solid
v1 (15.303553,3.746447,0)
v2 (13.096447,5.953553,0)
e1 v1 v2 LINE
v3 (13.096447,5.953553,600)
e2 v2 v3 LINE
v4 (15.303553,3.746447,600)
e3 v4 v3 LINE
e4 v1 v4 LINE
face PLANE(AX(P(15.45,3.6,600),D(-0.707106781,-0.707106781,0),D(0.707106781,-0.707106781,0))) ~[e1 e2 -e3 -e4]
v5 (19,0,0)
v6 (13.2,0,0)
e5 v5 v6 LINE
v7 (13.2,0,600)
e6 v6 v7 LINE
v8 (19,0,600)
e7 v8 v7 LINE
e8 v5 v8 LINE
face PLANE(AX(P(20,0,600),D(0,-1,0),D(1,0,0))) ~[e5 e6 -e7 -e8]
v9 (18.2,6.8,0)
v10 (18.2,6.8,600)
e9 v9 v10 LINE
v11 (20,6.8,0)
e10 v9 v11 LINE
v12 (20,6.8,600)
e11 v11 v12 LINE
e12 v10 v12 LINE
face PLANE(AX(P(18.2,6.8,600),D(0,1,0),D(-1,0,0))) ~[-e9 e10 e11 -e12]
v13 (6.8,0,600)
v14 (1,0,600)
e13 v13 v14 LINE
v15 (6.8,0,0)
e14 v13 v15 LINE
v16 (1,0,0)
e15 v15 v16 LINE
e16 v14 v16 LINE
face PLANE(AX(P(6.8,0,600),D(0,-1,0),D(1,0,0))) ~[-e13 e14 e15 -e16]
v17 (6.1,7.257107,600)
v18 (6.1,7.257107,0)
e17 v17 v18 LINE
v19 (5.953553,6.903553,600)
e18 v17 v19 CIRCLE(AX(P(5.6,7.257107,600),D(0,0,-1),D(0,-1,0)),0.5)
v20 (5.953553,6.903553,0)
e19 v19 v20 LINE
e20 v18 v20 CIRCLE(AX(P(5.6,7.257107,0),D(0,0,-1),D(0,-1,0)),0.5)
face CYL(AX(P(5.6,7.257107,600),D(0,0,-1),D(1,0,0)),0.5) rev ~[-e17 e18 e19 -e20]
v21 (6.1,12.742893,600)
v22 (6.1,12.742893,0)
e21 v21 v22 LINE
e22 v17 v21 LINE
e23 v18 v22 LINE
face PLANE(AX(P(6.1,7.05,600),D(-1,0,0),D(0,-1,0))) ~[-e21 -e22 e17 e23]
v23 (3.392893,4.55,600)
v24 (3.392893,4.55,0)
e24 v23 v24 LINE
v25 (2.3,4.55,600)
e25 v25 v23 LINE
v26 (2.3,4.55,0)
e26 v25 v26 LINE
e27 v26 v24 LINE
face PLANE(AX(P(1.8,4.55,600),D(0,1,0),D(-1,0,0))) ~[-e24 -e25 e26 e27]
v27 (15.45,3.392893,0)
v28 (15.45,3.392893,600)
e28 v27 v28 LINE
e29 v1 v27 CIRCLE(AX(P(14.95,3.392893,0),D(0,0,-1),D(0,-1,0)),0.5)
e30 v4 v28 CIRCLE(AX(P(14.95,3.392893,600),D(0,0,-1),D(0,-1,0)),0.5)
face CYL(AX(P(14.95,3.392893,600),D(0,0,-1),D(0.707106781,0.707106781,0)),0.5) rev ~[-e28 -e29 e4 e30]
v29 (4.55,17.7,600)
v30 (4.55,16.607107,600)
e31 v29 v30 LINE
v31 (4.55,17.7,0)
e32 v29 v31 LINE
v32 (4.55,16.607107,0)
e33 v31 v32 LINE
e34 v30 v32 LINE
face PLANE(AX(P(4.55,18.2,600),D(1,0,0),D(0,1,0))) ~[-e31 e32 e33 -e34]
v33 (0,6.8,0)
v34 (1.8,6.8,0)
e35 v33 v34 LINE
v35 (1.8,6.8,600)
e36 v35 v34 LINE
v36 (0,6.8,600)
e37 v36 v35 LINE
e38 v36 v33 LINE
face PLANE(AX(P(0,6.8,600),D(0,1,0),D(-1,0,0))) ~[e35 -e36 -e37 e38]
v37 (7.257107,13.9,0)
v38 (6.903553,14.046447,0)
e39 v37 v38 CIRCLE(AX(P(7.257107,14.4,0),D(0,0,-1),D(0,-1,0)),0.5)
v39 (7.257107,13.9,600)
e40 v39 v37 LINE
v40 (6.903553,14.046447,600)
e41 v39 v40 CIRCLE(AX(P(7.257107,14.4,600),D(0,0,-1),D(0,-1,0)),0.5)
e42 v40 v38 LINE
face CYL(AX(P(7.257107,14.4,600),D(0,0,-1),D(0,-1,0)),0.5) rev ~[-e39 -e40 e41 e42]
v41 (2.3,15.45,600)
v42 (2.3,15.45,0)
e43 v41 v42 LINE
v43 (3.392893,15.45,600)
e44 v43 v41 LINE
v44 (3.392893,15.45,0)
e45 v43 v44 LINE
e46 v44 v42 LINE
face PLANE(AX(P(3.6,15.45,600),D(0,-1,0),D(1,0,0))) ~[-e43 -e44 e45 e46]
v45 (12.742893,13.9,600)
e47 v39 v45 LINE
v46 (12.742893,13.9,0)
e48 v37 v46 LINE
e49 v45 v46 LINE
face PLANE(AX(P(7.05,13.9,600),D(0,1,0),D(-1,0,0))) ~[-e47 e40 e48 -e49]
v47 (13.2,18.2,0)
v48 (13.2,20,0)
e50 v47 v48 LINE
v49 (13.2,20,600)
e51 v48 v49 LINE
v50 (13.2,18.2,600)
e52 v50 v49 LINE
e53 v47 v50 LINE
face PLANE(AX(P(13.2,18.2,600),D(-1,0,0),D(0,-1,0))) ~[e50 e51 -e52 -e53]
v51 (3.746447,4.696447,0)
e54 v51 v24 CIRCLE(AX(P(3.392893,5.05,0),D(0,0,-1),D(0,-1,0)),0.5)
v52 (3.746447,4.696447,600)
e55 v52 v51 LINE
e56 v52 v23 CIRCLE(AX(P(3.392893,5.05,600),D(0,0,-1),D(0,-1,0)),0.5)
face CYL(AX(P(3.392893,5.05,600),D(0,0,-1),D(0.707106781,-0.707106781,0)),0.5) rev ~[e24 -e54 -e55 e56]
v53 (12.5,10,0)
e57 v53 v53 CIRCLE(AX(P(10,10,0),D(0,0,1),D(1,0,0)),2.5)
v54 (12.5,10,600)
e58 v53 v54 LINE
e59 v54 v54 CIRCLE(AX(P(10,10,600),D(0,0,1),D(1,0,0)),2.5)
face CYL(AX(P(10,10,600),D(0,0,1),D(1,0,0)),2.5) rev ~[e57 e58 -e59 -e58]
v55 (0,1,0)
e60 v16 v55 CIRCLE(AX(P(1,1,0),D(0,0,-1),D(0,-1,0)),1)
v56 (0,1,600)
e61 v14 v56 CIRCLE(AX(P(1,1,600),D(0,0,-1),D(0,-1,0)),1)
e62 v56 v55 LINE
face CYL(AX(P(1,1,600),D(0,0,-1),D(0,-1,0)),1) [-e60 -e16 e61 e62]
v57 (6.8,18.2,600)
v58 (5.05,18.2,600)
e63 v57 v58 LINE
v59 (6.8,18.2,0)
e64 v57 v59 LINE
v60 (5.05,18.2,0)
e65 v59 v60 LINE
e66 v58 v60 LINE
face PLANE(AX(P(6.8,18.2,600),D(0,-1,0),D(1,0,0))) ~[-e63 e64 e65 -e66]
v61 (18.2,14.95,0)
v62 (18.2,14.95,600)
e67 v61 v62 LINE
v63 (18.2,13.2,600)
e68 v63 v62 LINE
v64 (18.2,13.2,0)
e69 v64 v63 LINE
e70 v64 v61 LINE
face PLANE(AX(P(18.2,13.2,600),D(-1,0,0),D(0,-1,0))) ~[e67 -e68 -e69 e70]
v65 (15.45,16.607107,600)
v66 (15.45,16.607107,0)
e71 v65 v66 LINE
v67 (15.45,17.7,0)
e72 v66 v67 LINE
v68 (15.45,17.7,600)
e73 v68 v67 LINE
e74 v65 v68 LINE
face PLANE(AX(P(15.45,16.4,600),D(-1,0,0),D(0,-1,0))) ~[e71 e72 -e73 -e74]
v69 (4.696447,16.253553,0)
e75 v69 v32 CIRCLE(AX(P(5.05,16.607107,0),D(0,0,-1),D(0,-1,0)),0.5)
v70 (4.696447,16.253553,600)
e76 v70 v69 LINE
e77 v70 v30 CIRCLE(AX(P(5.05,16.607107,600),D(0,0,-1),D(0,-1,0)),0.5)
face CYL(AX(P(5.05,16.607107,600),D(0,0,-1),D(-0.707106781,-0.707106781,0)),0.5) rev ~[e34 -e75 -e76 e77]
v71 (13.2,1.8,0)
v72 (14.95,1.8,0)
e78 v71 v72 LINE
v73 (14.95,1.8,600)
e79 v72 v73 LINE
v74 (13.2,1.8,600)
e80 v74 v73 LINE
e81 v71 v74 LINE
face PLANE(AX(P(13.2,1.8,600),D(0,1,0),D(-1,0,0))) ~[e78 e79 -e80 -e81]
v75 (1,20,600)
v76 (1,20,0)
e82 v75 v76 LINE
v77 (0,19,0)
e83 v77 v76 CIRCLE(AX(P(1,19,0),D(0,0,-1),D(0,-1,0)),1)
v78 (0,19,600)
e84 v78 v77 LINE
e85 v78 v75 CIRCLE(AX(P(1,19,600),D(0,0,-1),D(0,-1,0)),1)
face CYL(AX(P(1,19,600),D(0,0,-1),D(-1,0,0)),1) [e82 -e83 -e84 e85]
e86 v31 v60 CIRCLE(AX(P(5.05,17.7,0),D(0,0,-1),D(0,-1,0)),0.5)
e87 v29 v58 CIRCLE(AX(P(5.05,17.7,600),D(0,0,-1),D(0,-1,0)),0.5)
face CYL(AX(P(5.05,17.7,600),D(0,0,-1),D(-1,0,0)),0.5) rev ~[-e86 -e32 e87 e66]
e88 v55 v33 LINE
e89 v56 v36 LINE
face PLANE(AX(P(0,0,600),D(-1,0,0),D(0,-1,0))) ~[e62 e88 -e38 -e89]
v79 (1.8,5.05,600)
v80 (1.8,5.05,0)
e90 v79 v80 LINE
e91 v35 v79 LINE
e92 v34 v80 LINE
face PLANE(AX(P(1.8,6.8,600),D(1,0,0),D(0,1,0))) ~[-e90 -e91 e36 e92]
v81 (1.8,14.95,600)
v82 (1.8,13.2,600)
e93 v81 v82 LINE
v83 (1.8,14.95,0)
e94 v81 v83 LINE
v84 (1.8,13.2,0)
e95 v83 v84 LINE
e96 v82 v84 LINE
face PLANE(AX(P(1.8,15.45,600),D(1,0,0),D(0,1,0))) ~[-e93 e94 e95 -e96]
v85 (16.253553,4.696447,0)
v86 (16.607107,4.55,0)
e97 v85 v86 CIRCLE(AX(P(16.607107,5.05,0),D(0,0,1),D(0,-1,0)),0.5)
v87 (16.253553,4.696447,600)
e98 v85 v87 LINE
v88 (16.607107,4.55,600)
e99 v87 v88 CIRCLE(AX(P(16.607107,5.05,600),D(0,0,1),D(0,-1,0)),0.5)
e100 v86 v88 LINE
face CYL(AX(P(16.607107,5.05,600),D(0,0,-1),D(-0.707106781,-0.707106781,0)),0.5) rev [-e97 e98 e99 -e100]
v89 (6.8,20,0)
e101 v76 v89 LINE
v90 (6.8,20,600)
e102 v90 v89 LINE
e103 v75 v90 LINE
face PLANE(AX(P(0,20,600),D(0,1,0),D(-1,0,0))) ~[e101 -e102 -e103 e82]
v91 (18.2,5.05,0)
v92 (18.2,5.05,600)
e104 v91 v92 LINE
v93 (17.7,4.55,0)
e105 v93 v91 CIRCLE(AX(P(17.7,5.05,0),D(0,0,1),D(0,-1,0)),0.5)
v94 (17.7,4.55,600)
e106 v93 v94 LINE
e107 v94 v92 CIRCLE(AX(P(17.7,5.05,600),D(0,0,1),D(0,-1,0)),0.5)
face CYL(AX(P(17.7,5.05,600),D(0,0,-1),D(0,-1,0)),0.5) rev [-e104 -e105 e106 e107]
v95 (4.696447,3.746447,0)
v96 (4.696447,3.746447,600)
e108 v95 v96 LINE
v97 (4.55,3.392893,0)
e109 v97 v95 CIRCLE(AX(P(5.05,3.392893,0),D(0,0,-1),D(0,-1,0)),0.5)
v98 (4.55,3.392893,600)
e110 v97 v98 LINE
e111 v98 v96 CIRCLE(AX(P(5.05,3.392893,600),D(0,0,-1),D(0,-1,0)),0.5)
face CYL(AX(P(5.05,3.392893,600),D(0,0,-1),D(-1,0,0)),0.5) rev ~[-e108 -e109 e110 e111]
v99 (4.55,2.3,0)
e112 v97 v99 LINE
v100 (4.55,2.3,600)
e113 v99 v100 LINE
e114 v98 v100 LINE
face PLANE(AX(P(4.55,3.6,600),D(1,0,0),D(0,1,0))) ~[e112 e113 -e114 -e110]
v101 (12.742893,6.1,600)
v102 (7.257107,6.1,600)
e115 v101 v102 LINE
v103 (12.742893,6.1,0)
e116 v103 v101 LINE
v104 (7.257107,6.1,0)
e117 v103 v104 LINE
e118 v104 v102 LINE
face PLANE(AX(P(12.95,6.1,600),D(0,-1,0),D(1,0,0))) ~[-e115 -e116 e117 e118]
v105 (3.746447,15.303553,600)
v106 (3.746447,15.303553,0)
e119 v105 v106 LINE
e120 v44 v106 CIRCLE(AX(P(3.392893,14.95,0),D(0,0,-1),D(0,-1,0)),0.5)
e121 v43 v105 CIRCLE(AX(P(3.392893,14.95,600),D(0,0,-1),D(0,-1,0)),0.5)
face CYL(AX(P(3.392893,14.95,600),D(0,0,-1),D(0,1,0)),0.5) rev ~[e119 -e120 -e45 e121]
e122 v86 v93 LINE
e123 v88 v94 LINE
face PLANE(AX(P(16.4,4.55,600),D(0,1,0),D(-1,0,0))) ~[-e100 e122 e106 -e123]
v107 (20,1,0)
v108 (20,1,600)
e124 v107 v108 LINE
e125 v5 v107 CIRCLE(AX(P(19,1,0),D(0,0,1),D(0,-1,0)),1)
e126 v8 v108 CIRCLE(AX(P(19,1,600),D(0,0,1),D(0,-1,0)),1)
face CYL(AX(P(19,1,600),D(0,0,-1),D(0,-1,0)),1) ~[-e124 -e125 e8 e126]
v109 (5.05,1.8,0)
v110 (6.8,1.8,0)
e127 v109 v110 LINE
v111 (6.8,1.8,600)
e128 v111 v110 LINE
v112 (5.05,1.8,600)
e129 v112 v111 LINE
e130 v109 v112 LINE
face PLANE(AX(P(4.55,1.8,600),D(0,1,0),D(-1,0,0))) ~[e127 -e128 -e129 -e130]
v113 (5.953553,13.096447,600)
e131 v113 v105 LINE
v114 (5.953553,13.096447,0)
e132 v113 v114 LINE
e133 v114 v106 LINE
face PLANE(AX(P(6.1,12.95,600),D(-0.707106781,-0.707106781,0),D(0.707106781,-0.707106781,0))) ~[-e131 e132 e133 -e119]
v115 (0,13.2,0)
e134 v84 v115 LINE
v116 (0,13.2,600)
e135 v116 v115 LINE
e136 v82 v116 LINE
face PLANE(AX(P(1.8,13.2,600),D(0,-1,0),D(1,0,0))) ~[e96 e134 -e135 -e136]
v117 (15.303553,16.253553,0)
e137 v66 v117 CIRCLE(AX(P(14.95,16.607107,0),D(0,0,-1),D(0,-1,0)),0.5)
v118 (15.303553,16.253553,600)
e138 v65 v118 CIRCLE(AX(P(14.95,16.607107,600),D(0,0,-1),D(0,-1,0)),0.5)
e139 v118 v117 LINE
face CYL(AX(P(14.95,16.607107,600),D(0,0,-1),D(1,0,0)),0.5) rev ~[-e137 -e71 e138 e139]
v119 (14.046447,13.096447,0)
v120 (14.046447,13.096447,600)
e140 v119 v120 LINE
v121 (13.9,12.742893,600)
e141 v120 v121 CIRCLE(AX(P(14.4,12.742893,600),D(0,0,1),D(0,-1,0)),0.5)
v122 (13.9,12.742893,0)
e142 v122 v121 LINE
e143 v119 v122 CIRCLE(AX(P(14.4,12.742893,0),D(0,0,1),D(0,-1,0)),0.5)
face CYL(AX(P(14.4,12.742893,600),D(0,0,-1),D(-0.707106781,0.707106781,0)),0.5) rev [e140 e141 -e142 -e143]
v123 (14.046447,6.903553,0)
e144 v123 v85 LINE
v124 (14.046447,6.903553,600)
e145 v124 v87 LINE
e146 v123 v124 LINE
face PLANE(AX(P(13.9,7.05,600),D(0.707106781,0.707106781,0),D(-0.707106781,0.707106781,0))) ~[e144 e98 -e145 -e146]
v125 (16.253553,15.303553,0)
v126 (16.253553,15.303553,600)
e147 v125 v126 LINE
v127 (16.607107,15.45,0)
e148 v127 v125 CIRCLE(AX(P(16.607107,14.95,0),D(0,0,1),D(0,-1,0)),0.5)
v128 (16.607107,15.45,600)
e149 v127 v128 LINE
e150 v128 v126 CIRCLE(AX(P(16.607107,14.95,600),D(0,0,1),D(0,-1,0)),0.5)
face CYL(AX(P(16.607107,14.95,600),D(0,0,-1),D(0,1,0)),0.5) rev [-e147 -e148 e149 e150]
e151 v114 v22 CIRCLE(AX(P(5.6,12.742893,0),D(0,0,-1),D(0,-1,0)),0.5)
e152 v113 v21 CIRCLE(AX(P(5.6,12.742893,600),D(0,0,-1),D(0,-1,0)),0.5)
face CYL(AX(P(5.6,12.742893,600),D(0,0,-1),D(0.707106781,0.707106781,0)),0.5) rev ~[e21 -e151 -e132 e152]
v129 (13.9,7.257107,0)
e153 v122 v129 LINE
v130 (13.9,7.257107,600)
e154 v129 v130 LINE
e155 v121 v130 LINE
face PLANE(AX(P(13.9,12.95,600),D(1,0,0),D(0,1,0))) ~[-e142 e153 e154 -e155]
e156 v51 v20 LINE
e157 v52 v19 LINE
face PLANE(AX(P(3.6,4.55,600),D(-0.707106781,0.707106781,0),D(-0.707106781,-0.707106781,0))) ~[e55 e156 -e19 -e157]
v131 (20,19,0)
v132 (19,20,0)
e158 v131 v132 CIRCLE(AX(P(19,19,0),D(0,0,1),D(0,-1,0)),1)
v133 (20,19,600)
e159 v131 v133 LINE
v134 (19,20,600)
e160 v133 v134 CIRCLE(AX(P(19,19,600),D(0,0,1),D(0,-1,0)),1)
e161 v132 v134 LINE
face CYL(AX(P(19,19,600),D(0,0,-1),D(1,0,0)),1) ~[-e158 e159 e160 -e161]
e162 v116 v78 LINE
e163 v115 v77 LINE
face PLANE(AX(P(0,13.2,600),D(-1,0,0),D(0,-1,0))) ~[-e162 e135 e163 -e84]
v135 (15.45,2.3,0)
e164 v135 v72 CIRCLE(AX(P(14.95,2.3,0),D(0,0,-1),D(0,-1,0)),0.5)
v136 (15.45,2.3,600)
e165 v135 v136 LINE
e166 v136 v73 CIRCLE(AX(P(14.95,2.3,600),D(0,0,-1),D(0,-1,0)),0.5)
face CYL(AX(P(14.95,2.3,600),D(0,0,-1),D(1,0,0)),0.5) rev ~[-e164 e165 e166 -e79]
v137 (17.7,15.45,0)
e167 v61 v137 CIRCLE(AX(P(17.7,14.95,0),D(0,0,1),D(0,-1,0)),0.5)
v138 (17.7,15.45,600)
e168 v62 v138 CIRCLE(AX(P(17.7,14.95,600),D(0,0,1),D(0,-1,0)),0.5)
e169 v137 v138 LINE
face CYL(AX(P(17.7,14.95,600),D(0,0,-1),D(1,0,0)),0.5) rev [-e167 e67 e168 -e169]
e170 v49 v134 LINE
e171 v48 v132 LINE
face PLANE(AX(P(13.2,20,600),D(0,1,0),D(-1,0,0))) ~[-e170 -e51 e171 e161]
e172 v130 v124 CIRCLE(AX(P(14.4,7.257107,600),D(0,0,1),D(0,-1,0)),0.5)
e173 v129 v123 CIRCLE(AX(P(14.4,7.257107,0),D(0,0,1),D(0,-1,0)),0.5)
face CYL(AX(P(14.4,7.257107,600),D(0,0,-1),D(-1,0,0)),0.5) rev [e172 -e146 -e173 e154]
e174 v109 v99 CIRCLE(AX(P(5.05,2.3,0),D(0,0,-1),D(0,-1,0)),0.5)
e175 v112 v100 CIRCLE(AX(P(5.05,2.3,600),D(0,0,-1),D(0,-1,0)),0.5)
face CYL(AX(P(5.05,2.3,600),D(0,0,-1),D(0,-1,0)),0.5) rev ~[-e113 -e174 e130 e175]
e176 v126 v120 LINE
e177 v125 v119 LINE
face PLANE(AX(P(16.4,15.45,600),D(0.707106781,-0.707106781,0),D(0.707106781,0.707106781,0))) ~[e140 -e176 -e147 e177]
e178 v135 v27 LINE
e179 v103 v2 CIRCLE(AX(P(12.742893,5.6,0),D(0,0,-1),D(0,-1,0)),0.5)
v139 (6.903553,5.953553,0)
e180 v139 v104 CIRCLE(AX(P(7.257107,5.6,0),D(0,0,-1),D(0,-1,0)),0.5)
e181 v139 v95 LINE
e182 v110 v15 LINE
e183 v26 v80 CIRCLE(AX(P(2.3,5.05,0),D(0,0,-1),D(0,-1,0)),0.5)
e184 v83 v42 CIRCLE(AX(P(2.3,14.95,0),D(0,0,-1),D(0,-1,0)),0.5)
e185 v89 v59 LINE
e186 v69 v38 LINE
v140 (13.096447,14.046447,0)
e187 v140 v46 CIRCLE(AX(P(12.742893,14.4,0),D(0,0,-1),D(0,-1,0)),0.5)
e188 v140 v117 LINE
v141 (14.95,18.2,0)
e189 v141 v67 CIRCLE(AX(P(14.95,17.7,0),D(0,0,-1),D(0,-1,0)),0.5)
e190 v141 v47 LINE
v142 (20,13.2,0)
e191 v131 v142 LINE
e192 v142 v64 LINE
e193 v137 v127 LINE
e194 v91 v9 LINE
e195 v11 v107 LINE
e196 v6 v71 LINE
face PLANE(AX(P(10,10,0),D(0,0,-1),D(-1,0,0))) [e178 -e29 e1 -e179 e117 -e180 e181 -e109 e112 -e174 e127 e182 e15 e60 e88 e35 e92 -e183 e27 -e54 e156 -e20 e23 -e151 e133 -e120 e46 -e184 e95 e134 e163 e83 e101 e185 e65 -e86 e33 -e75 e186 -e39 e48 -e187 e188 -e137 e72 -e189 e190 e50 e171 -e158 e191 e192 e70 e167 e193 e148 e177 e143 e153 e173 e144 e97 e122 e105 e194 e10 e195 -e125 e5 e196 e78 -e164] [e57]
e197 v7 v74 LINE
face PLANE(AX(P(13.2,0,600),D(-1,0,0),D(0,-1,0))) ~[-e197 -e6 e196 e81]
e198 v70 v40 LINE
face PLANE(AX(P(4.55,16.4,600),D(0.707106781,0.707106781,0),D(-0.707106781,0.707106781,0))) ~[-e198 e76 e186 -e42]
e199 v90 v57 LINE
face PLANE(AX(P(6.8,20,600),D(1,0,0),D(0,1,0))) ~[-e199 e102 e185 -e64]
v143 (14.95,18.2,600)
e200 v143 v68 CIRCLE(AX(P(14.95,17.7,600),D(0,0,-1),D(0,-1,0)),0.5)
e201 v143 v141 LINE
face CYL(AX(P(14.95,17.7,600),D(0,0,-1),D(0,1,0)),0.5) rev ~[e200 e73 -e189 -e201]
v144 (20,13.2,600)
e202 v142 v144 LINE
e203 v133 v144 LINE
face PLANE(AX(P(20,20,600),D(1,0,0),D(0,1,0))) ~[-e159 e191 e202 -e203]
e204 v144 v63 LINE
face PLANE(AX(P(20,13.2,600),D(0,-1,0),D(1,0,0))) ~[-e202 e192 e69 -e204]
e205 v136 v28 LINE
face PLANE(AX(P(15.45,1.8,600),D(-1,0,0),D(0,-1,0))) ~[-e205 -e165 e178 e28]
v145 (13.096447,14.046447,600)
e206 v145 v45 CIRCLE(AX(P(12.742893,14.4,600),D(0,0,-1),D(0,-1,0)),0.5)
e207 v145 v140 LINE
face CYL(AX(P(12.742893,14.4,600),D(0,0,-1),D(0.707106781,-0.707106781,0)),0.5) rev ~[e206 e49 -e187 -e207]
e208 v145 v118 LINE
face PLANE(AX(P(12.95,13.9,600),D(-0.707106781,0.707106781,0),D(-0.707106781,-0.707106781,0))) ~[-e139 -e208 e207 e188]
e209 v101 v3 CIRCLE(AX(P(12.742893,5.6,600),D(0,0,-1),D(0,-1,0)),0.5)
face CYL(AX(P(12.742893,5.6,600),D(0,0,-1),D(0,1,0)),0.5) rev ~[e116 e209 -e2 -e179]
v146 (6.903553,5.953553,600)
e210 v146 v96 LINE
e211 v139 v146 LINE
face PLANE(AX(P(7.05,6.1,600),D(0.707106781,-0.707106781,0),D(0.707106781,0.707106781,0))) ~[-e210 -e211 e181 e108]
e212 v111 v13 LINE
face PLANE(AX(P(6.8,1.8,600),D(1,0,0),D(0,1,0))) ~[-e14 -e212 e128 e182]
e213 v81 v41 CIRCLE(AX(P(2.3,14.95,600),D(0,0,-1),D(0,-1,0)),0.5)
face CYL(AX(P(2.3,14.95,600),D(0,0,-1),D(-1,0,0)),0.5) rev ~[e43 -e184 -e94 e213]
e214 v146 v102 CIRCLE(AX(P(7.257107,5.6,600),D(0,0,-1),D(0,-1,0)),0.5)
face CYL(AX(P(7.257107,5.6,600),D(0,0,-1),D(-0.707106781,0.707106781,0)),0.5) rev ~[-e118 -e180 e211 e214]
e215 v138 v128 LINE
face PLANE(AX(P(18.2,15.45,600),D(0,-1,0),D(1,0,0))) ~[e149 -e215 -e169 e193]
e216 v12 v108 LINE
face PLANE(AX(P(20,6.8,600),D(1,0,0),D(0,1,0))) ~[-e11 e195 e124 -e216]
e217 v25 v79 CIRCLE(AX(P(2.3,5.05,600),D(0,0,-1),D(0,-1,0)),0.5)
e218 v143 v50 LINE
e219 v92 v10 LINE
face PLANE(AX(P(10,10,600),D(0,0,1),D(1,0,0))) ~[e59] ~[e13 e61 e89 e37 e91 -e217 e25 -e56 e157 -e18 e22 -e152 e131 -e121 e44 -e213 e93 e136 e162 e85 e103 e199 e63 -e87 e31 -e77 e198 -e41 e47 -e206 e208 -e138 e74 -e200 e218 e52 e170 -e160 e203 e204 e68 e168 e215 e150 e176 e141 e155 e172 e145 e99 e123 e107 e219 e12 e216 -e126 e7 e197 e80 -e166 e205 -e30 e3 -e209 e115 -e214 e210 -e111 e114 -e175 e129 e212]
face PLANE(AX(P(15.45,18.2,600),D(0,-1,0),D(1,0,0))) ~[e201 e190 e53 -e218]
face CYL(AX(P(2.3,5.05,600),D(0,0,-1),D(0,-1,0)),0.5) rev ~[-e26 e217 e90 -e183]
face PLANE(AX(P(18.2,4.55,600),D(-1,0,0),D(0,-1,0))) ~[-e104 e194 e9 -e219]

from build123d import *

# Parameters (mm, degrees)
SKETCH1_R           = 2.5
BOSS_EXTRUDE1_DEPTH = 300
FILLET1_R           = 1
FILLET2_R           = 0.5
FILLET3_R           = 0.5
FILLET4_R           = 0.5
FILLET5_R           = 0.5


with BuildPart() as part:
    # Sketch1 → Boss-Extrude1 (new body)
    with BuildSketch(Plane.XY):
        Polygon((13.2, 0), (13.2, 1.8), (15.45, 1.8), (15.45, 3.6), (12.95, 6.1), (7.05, 6.1), (4.55, 3.6), (4.55, 1.8), (6.8, 1.8), (6.8, 0), (0, 0), (0, 6.8), (1.8, 6.8), (1.8, 4.55), (3.6, 4.55), (6.1, 7.05), (6.1, 12.95), (3.6, 15.45), (1.8, 15.45), (1.8, 13.2), (0, 13.2), (0, 20), (6.8, 20), (6.8, 18.2), (4.55, 18.2), (4.55, 16.4), (7.05, 13.9), (12.95, 13.9), (15.45, 16.4), (15.45, 18.2), (13.2, 18.2), (13.2, 20), (20, 20), (20, 13.2), (18.2, 13.2), (18.2, 15.45), (16.4, 15.45), (13.9, 12.95), (13.9, 7.05), (16.4, 4.55), (18.2, 4.55), (18.2, 6.8), (20, 6.8), (20, 0), align=None)
        with Locations((10, 10)):
            Circle(SKETCH1_R, mode=Mode.SUBTRACT)
    extrude(amount=BOSS_EXTRUDE1_DEPTH)

    # Fillet1
    fillet1_edges = [part.edges().sort_by_distance(p)[0] for p in [
        (0, 0, 150),
        (0, 20, 150),
        (20, 20, 150),
        (20, 0, 150),
    ]]
    fillet(fillet1_edges, radius=FILLET1_R)

    # Fillet2
    fillet2_edges = [part.edges().sort_by_distance(p)[0] for p in [
        (4.55, 18.2, 150),
        (4.55, 16.4, 150),
        (7.05, 13.9, 150),
        (12.95, 13.9, 150),
        (15.45, 16.4, 150),
        (15.45, 18.2, 150),
    ]]
    fillet(fillet2_edges, radius=FILLET2_R)

    # Fillet3
    fillet3_edges = [part.edges().sort_by_distance(p)[0] for p in [
        (18.2, 15.45, 150),
        (16.4, 15.45, 150),
        (13.9, 12.95, 150),
        (13.9, 7.05, 150),
        (16.4, 4.55, 150),
        (18.2, 4.55, 150),
    ]]
    fillet(fillet3_edges, radius=FILLET3_R)

    # Fillet4
    fillet4_edges = [part.edges().sort_by_distance(p)[0] for p in [
        (1.8, 4.55, 150),
        (3.6, 4.55, 150),
        (6.1, 7.05, 150),
        (6.1, 12.95, 150),
        (3.6, 15.45, 150),
        (1.8, 15.45, 150),
    ]]
    fillet(fillet4_edges, radius=FILLET4_R)

    # Fillet5
    fillet5_edges = [part.edges().sort_by_distance(p)[0] for p in [
        (15.45, 1.8, 150),
        (15.45, 3.6, 150),
        (12.95, 6.1, 150),
        (7.05, 6.1, 150),
        (4.55, 3.6, 150),
        (4.55, 1.8, 150),
    ]]
    fillet(fillet5_edges, radius=FILLET5_R)

    # Mirror1: part across plane


with BuildPart() as part_1:
    add(part.part)
    add(part.part.mirror(Plane.XY.offset(300)))


solid = part_1.part
